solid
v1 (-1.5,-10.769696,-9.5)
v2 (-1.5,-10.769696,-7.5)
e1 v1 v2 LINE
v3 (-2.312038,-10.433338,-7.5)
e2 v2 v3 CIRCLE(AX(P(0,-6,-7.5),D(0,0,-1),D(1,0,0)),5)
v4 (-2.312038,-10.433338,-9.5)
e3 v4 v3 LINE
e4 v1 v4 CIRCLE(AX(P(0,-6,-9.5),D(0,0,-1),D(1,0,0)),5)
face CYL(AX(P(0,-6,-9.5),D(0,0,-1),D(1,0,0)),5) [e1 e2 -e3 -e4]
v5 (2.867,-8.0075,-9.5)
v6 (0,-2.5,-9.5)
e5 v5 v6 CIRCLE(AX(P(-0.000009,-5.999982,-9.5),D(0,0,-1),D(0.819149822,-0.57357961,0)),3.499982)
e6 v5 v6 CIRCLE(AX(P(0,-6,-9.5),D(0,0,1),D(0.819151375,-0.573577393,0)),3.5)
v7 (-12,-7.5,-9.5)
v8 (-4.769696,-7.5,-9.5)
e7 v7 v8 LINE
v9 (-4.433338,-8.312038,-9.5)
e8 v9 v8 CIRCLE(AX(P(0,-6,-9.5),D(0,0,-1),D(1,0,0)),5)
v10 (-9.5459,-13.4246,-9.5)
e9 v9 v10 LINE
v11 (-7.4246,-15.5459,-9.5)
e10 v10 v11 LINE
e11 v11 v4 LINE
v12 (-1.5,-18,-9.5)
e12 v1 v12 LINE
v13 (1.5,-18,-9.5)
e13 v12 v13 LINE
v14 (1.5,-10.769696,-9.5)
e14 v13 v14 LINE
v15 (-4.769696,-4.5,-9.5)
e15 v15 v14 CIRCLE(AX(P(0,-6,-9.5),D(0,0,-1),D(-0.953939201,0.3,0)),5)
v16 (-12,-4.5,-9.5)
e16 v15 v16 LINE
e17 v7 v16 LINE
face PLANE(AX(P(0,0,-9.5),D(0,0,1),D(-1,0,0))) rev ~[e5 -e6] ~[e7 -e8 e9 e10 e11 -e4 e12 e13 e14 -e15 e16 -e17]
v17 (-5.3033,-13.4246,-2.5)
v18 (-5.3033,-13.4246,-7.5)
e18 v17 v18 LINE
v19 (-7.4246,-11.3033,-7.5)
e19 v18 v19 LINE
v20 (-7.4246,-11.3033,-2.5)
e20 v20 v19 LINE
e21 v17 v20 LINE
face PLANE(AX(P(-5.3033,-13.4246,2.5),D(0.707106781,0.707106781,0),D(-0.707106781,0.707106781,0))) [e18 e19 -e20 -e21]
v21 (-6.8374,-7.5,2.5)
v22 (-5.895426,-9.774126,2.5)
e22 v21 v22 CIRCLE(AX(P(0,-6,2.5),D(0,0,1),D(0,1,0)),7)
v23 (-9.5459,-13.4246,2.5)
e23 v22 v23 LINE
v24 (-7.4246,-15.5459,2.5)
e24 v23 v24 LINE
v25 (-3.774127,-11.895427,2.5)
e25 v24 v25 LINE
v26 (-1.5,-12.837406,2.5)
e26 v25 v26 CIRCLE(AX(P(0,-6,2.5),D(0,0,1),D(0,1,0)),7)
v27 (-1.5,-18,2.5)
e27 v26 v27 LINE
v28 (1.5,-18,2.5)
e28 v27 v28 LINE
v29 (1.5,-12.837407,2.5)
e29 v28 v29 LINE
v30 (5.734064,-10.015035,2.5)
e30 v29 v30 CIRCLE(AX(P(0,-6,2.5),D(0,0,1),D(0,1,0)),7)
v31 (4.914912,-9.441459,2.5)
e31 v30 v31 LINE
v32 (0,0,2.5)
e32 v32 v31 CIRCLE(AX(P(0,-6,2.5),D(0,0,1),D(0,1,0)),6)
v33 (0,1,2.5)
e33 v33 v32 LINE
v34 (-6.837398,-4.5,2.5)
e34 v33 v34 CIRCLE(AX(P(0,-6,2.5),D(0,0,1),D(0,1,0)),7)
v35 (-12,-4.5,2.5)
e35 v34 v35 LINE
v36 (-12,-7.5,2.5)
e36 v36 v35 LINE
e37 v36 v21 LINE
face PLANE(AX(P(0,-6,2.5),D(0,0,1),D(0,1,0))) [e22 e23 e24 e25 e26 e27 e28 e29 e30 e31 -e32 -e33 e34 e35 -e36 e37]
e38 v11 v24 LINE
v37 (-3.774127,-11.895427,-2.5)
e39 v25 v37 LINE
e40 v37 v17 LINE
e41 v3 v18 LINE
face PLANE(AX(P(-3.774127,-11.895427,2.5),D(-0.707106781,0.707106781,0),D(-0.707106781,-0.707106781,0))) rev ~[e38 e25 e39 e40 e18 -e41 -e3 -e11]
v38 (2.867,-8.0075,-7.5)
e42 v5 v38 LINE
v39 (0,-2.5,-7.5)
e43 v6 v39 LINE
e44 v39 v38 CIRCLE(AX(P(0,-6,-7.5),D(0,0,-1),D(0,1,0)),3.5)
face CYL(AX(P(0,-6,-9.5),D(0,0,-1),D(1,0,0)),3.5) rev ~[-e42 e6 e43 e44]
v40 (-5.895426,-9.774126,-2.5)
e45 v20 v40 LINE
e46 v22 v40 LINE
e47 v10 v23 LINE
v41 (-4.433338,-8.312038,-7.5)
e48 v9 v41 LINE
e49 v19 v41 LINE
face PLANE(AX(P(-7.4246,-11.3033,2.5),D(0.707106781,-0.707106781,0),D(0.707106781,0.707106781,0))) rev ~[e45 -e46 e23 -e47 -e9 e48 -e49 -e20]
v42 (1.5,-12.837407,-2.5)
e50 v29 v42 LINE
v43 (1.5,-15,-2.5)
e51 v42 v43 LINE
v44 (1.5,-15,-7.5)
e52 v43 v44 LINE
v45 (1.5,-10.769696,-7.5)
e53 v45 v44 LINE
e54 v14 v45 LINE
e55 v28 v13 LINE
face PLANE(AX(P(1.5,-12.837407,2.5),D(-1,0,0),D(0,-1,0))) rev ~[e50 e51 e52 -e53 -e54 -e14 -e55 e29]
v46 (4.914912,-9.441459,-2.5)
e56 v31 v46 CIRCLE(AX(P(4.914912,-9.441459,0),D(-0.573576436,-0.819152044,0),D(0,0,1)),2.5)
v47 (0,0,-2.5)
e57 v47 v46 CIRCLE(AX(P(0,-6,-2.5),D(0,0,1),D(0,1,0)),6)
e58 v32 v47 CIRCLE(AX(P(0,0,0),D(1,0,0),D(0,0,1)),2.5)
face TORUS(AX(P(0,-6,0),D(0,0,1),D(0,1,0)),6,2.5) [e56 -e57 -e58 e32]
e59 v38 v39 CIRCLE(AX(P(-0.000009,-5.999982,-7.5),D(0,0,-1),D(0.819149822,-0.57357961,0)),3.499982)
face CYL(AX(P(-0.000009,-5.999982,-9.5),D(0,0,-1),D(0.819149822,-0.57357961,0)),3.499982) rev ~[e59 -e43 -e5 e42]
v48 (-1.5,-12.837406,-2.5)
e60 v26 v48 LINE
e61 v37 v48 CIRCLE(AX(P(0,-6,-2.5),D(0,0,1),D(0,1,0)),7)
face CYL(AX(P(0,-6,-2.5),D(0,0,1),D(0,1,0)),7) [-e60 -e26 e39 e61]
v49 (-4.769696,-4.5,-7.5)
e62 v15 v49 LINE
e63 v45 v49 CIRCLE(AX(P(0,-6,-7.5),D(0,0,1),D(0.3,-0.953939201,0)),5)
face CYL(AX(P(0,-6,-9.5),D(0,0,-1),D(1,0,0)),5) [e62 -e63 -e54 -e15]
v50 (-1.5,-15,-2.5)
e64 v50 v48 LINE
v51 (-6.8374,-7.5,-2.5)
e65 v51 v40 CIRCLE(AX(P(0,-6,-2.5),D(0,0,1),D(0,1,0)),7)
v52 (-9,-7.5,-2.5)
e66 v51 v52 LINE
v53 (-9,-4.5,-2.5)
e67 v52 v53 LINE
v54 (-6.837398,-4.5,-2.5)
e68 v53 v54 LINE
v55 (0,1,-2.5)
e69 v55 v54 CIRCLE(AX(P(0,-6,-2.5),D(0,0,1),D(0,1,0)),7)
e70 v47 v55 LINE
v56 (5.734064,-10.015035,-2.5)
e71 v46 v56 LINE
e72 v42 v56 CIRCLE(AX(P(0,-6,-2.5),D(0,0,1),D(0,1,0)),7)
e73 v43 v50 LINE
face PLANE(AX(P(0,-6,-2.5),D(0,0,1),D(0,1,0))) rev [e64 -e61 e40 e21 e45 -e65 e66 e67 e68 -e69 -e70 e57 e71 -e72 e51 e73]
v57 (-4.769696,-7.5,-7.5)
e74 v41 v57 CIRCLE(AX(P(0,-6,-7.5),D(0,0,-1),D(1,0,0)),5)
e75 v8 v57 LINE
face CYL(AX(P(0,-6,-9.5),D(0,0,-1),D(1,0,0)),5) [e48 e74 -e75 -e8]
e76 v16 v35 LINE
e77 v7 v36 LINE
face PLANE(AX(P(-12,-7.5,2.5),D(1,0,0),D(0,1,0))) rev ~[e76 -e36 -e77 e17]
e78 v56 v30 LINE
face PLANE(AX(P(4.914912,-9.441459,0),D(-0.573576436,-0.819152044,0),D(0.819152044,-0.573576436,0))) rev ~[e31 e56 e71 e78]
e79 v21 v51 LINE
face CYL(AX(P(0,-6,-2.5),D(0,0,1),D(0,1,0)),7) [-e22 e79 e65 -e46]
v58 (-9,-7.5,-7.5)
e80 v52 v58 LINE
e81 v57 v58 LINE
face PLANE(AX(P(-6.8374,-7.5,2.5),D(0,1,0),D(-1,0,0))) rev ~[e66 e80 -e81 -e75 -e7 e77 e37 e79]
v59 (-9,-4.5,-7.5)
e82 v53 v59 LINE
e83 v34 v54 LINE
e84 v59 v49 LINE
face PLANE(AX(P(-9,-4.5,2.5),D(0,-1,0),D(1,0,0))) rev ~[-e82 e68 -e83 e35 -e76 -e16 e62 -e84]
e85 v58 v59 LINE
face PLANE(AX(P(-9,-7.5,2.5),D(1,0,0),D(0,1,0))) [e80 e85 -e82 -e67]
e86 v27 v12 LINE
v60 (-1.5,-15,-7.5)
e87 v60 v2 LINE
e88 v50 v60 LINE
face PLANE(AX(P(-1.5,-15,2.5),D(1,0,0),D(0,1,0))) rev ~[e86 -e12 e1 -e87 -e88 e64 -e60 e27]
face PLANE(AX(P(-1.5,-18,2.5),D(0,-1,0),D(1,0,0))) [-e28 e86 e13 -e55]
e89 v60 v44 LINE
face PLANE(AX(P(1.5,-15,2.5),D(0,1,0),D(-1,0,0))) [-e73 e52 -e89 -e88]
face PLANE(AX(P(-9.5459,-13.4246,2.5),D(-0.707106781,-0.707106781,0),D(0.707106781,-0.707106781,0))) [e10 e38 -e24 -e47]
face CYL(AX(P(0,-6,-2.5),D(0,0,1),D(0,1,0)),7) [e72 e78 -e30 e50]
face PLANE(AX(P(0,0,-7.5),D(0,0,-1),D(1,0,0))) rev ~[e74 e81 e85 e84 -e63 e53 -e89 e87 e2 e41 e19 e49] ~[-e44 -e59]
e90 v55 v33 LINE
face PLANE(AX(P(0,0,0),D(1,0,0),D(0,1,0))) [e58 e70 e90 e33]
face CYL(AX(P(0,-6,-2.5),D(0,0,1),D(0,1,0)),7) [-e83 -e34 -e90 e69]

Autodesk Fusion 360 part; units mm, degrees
sketch "Sketch1" plane through (0, 0, 0) normal (1, 0, 0) x (0, 1, 0)
  line L0 (0, -2.5) -> (1, -2.5)
  line L1 (1, -2.5) -> (1, 2.5)
  line L2 (1, 2.5) -> (0, 2.5)
  arc A0 (0, 2.5) -> (0, -2.5) centre (0, 0) ccw
  line L3 (-6, 5) -> (-6, -5)
  dimension "d1" = 5
  dimension "d2" = 1
  dimension "d3" = 5
  dimension "d4" = 6
revolve "Revolve1" add sketch "Sketch1" angle 235 about axis through (0, -6, 5) along (0, 0, 1) makes body 1
sketch "Sketch2" plane through (0, 0, 2.5) normal (0, 0, 1) x (-1, 0, 0)
  line L0 (0, 0) -> (0, -1)
  arc A0 (0, -1) -> (-5.7341, 10.015) centre (0, 6) ccw
  line L1 (-5.7341, 10.015) -> (-4.9149, 9.4415)
  arc A1 (0, 0) -> (-4.9149, 9.4415) centre (0, 6) ccw
  line L2 (6, 7.5) -> (12, 7.5)
  line L3 (12, 7.5) -> (12, 4.5)
  line L4 (12, 4.5) -> (6, 4.5)
  line L5 (6, 4.5) -> (6, 7.5)
  line L6 (12, 7.5) -> (9, 7.5)
  line L7 (9, 7.5) -> (9, 4.5)
  line L8 (9, 4.5) -> (12, 4.5)
  line L9 (12, 4.5) -> (12, 7.5)
  line L10 (7.4246, 15.5459) -> (5.3033, 13.4246)
  line L11 (5.3033, 13.4246) -> (7.4246, 11.3033)
  line L12 (9.5459, 13.4246) -> (7.4246, 15.5459)
  line L13 (7.4246, 11.3033) -> (9.5459, 13.4246)
  line L14 (7.4246, 15.5459) -> (9.5459, 13.4246)
  line L15 (5.3033, 9.182) -> (3.182, 11.3033)
  line L16 (3.182, 11.3033) -> (7.4246, 15.5459)
  line L17 (9.5459, 13.4246) -> (5.3033, 9.182)
  line L18 (-1.5, 18) -> (-1.5, 15)
  line L19 (-1.5, 15) -> (1.5, 15)
  line L20 (1.5, 18) -> (-1.5, 18)
  line L21 (1.5, 15) -> (1.5, 18)
  line L22 (-1.5, 18) -> (1.5, 18)
  line L23 (1.5, 12) -> (-1.5, 12)
  line L24 (-1.5, 12) -> (-1.5, 18)
  line L25 (1.5, 18) -> (1.5, 12)
  dimension "d6" = 6
  dimension "d7" = 3
  dimension "d8" = 12
  dimension "d9" = 1.5
  dimension "d10" = 3
  dimension "d11" = 3
  dimension "d13" = 90
extrude "Extrude1" add sketch "Sketch2" against normal blind 12 separate body contours L2 L3 L4 L6 L7 L8 L9 | L10 L11 L12 L13 L14 L16 L17 | L18 L19 L20 L21 L22 L24 L25 makes body 2 at (-6.0104, -14.1317, -5.5) makes body 3 at (0.5, -15, -1.5) makes body 4 at (-9, -6.5, -1.5)
extrude "Extrude2" add sketch "Sketch2" against normal blind 5 contours A0 L2 L4 L7 | A0 L11 L16 L17 | A0 L19 L24 L25 bodies 1 2 3 4
sketch "Sketch3" plane through (0, 0, -9.5) normal (0, 0, -1) x (1, 0, 0)
  line L0 (-1.5, 15) -> (1.5, 15)
  line L1 (1.5, 15) -> (1.5, 18)
  line L2 (1.5, 18) -> (-1.5, 18)
  line L3 (-1.5, 18) -> (-1.5, 15)
  line L4 (-12, 7.5) -> (-6.8374, 7.5)
  line L5 (-6.8374, 4.5) -> (-12, 4.5)
  line L6 (-12, 4.5) -> (-12, 7.5)
  arc A0 (-6.8374, 4.5) -> (0, -1) centre (0, 6) ccw
  line L7 (-1.5, 18) -> (-1.5, 12.8374)
  line L8 (1.5, 18) -> (-1.5, 18)
  line L9 (1.5, 12.8374) -> (1.5, 18)
  arc A1 (-1.5, 12.8374) -> (-3.7741, 11.8954) centre (0, 6) ccw
  line L10 (-9.5459, 13.4246) -> (-5.8954, 9.7741)
  line L11 (-7.4246, 15.5459) -> (-9.5459, 13.4246)
  line L12 (-3.7741, 11.8954) -> (-7.4246, 15.5459)
  arc A2 (-5.8954, 9.7741) -> (-6.8374, 7.5) centre (0, 6) ccw
  arc A3 (5.7341, 10.015) -> (1.5, 12.8374) centre (0, 6) ccw
  line L13 (0, -1) -> (0, 0)
  line L14 (4.9149, 9.4415) -> (5.7341, 10.015)
  line L15 (0, 0) -> (0, 2.5)
  line L16 (2.867, 8.0075) -> (4.9149, 9.4415)
  arc A4 (2.867, 8.0075) -> (0, 2.5) centre (0, 6) ccw
  circle A5 centre (0, 6) radius 3.5
  circle A6 centre (0, 6) radius 5
  line L17 (1.5, 12.8374) -> (-1.5, 12.8374)
  line L18 (-1.5, 12.8374) -> (-1.5, 9.8374)
  line L19 (-1.5, 9.8374) -> (1.5, 9.8374)
  line L20 (1.5, 9.8374) -> (1.5, 12.8374)
  line L21 (-3.7741, 7.6528) -> (-1.6528, 9.7741)
  line L22 (-1.6528, 9.7741) -> (-3.7741, 11.8954)
  line L23 (-5.8954, 9.7741) -> (-3.7741, 7.6528)
  line L24 (-3.7741, 11.8954) -> (-5.8954, 9.7741)
  line L25 (-3.8374, 4.5) -> (-3.8374, 7.5)
  line L26 (-3.8374, 7.5) -> (-6.8374, 7.5)
  line L27 (-6.8374, 4.5) -> (-3.8374, 4.5)
  line L28 (-6.8374, 7.5) -> (-6.8374, 4.5)
  dimension "d18" = 7
  dimension "d19" = 10
  dimension "d20" = 3
  dimension "d21" = 3
  dimension "d23" = 90
extrude "Extrude3" add sketch "Sketch3" against normal blind 2 contours L0 L7 L9 L17 | A6 L17 L18 L20 | L10 L11 L12 L24 | A6 L22 L23 L24 | L15 L16 A4 A5 A6 L18 L19 L20 L21 L22 L23 L25 L26 L27 | A6 L18 L19 L20 | A6 L21 L22 L23 | L15 L16 A5 A6 | L4 L5 L6 L28 | A6 L26 L27 L28 | A6 L25 L26 L27 bodies 1
